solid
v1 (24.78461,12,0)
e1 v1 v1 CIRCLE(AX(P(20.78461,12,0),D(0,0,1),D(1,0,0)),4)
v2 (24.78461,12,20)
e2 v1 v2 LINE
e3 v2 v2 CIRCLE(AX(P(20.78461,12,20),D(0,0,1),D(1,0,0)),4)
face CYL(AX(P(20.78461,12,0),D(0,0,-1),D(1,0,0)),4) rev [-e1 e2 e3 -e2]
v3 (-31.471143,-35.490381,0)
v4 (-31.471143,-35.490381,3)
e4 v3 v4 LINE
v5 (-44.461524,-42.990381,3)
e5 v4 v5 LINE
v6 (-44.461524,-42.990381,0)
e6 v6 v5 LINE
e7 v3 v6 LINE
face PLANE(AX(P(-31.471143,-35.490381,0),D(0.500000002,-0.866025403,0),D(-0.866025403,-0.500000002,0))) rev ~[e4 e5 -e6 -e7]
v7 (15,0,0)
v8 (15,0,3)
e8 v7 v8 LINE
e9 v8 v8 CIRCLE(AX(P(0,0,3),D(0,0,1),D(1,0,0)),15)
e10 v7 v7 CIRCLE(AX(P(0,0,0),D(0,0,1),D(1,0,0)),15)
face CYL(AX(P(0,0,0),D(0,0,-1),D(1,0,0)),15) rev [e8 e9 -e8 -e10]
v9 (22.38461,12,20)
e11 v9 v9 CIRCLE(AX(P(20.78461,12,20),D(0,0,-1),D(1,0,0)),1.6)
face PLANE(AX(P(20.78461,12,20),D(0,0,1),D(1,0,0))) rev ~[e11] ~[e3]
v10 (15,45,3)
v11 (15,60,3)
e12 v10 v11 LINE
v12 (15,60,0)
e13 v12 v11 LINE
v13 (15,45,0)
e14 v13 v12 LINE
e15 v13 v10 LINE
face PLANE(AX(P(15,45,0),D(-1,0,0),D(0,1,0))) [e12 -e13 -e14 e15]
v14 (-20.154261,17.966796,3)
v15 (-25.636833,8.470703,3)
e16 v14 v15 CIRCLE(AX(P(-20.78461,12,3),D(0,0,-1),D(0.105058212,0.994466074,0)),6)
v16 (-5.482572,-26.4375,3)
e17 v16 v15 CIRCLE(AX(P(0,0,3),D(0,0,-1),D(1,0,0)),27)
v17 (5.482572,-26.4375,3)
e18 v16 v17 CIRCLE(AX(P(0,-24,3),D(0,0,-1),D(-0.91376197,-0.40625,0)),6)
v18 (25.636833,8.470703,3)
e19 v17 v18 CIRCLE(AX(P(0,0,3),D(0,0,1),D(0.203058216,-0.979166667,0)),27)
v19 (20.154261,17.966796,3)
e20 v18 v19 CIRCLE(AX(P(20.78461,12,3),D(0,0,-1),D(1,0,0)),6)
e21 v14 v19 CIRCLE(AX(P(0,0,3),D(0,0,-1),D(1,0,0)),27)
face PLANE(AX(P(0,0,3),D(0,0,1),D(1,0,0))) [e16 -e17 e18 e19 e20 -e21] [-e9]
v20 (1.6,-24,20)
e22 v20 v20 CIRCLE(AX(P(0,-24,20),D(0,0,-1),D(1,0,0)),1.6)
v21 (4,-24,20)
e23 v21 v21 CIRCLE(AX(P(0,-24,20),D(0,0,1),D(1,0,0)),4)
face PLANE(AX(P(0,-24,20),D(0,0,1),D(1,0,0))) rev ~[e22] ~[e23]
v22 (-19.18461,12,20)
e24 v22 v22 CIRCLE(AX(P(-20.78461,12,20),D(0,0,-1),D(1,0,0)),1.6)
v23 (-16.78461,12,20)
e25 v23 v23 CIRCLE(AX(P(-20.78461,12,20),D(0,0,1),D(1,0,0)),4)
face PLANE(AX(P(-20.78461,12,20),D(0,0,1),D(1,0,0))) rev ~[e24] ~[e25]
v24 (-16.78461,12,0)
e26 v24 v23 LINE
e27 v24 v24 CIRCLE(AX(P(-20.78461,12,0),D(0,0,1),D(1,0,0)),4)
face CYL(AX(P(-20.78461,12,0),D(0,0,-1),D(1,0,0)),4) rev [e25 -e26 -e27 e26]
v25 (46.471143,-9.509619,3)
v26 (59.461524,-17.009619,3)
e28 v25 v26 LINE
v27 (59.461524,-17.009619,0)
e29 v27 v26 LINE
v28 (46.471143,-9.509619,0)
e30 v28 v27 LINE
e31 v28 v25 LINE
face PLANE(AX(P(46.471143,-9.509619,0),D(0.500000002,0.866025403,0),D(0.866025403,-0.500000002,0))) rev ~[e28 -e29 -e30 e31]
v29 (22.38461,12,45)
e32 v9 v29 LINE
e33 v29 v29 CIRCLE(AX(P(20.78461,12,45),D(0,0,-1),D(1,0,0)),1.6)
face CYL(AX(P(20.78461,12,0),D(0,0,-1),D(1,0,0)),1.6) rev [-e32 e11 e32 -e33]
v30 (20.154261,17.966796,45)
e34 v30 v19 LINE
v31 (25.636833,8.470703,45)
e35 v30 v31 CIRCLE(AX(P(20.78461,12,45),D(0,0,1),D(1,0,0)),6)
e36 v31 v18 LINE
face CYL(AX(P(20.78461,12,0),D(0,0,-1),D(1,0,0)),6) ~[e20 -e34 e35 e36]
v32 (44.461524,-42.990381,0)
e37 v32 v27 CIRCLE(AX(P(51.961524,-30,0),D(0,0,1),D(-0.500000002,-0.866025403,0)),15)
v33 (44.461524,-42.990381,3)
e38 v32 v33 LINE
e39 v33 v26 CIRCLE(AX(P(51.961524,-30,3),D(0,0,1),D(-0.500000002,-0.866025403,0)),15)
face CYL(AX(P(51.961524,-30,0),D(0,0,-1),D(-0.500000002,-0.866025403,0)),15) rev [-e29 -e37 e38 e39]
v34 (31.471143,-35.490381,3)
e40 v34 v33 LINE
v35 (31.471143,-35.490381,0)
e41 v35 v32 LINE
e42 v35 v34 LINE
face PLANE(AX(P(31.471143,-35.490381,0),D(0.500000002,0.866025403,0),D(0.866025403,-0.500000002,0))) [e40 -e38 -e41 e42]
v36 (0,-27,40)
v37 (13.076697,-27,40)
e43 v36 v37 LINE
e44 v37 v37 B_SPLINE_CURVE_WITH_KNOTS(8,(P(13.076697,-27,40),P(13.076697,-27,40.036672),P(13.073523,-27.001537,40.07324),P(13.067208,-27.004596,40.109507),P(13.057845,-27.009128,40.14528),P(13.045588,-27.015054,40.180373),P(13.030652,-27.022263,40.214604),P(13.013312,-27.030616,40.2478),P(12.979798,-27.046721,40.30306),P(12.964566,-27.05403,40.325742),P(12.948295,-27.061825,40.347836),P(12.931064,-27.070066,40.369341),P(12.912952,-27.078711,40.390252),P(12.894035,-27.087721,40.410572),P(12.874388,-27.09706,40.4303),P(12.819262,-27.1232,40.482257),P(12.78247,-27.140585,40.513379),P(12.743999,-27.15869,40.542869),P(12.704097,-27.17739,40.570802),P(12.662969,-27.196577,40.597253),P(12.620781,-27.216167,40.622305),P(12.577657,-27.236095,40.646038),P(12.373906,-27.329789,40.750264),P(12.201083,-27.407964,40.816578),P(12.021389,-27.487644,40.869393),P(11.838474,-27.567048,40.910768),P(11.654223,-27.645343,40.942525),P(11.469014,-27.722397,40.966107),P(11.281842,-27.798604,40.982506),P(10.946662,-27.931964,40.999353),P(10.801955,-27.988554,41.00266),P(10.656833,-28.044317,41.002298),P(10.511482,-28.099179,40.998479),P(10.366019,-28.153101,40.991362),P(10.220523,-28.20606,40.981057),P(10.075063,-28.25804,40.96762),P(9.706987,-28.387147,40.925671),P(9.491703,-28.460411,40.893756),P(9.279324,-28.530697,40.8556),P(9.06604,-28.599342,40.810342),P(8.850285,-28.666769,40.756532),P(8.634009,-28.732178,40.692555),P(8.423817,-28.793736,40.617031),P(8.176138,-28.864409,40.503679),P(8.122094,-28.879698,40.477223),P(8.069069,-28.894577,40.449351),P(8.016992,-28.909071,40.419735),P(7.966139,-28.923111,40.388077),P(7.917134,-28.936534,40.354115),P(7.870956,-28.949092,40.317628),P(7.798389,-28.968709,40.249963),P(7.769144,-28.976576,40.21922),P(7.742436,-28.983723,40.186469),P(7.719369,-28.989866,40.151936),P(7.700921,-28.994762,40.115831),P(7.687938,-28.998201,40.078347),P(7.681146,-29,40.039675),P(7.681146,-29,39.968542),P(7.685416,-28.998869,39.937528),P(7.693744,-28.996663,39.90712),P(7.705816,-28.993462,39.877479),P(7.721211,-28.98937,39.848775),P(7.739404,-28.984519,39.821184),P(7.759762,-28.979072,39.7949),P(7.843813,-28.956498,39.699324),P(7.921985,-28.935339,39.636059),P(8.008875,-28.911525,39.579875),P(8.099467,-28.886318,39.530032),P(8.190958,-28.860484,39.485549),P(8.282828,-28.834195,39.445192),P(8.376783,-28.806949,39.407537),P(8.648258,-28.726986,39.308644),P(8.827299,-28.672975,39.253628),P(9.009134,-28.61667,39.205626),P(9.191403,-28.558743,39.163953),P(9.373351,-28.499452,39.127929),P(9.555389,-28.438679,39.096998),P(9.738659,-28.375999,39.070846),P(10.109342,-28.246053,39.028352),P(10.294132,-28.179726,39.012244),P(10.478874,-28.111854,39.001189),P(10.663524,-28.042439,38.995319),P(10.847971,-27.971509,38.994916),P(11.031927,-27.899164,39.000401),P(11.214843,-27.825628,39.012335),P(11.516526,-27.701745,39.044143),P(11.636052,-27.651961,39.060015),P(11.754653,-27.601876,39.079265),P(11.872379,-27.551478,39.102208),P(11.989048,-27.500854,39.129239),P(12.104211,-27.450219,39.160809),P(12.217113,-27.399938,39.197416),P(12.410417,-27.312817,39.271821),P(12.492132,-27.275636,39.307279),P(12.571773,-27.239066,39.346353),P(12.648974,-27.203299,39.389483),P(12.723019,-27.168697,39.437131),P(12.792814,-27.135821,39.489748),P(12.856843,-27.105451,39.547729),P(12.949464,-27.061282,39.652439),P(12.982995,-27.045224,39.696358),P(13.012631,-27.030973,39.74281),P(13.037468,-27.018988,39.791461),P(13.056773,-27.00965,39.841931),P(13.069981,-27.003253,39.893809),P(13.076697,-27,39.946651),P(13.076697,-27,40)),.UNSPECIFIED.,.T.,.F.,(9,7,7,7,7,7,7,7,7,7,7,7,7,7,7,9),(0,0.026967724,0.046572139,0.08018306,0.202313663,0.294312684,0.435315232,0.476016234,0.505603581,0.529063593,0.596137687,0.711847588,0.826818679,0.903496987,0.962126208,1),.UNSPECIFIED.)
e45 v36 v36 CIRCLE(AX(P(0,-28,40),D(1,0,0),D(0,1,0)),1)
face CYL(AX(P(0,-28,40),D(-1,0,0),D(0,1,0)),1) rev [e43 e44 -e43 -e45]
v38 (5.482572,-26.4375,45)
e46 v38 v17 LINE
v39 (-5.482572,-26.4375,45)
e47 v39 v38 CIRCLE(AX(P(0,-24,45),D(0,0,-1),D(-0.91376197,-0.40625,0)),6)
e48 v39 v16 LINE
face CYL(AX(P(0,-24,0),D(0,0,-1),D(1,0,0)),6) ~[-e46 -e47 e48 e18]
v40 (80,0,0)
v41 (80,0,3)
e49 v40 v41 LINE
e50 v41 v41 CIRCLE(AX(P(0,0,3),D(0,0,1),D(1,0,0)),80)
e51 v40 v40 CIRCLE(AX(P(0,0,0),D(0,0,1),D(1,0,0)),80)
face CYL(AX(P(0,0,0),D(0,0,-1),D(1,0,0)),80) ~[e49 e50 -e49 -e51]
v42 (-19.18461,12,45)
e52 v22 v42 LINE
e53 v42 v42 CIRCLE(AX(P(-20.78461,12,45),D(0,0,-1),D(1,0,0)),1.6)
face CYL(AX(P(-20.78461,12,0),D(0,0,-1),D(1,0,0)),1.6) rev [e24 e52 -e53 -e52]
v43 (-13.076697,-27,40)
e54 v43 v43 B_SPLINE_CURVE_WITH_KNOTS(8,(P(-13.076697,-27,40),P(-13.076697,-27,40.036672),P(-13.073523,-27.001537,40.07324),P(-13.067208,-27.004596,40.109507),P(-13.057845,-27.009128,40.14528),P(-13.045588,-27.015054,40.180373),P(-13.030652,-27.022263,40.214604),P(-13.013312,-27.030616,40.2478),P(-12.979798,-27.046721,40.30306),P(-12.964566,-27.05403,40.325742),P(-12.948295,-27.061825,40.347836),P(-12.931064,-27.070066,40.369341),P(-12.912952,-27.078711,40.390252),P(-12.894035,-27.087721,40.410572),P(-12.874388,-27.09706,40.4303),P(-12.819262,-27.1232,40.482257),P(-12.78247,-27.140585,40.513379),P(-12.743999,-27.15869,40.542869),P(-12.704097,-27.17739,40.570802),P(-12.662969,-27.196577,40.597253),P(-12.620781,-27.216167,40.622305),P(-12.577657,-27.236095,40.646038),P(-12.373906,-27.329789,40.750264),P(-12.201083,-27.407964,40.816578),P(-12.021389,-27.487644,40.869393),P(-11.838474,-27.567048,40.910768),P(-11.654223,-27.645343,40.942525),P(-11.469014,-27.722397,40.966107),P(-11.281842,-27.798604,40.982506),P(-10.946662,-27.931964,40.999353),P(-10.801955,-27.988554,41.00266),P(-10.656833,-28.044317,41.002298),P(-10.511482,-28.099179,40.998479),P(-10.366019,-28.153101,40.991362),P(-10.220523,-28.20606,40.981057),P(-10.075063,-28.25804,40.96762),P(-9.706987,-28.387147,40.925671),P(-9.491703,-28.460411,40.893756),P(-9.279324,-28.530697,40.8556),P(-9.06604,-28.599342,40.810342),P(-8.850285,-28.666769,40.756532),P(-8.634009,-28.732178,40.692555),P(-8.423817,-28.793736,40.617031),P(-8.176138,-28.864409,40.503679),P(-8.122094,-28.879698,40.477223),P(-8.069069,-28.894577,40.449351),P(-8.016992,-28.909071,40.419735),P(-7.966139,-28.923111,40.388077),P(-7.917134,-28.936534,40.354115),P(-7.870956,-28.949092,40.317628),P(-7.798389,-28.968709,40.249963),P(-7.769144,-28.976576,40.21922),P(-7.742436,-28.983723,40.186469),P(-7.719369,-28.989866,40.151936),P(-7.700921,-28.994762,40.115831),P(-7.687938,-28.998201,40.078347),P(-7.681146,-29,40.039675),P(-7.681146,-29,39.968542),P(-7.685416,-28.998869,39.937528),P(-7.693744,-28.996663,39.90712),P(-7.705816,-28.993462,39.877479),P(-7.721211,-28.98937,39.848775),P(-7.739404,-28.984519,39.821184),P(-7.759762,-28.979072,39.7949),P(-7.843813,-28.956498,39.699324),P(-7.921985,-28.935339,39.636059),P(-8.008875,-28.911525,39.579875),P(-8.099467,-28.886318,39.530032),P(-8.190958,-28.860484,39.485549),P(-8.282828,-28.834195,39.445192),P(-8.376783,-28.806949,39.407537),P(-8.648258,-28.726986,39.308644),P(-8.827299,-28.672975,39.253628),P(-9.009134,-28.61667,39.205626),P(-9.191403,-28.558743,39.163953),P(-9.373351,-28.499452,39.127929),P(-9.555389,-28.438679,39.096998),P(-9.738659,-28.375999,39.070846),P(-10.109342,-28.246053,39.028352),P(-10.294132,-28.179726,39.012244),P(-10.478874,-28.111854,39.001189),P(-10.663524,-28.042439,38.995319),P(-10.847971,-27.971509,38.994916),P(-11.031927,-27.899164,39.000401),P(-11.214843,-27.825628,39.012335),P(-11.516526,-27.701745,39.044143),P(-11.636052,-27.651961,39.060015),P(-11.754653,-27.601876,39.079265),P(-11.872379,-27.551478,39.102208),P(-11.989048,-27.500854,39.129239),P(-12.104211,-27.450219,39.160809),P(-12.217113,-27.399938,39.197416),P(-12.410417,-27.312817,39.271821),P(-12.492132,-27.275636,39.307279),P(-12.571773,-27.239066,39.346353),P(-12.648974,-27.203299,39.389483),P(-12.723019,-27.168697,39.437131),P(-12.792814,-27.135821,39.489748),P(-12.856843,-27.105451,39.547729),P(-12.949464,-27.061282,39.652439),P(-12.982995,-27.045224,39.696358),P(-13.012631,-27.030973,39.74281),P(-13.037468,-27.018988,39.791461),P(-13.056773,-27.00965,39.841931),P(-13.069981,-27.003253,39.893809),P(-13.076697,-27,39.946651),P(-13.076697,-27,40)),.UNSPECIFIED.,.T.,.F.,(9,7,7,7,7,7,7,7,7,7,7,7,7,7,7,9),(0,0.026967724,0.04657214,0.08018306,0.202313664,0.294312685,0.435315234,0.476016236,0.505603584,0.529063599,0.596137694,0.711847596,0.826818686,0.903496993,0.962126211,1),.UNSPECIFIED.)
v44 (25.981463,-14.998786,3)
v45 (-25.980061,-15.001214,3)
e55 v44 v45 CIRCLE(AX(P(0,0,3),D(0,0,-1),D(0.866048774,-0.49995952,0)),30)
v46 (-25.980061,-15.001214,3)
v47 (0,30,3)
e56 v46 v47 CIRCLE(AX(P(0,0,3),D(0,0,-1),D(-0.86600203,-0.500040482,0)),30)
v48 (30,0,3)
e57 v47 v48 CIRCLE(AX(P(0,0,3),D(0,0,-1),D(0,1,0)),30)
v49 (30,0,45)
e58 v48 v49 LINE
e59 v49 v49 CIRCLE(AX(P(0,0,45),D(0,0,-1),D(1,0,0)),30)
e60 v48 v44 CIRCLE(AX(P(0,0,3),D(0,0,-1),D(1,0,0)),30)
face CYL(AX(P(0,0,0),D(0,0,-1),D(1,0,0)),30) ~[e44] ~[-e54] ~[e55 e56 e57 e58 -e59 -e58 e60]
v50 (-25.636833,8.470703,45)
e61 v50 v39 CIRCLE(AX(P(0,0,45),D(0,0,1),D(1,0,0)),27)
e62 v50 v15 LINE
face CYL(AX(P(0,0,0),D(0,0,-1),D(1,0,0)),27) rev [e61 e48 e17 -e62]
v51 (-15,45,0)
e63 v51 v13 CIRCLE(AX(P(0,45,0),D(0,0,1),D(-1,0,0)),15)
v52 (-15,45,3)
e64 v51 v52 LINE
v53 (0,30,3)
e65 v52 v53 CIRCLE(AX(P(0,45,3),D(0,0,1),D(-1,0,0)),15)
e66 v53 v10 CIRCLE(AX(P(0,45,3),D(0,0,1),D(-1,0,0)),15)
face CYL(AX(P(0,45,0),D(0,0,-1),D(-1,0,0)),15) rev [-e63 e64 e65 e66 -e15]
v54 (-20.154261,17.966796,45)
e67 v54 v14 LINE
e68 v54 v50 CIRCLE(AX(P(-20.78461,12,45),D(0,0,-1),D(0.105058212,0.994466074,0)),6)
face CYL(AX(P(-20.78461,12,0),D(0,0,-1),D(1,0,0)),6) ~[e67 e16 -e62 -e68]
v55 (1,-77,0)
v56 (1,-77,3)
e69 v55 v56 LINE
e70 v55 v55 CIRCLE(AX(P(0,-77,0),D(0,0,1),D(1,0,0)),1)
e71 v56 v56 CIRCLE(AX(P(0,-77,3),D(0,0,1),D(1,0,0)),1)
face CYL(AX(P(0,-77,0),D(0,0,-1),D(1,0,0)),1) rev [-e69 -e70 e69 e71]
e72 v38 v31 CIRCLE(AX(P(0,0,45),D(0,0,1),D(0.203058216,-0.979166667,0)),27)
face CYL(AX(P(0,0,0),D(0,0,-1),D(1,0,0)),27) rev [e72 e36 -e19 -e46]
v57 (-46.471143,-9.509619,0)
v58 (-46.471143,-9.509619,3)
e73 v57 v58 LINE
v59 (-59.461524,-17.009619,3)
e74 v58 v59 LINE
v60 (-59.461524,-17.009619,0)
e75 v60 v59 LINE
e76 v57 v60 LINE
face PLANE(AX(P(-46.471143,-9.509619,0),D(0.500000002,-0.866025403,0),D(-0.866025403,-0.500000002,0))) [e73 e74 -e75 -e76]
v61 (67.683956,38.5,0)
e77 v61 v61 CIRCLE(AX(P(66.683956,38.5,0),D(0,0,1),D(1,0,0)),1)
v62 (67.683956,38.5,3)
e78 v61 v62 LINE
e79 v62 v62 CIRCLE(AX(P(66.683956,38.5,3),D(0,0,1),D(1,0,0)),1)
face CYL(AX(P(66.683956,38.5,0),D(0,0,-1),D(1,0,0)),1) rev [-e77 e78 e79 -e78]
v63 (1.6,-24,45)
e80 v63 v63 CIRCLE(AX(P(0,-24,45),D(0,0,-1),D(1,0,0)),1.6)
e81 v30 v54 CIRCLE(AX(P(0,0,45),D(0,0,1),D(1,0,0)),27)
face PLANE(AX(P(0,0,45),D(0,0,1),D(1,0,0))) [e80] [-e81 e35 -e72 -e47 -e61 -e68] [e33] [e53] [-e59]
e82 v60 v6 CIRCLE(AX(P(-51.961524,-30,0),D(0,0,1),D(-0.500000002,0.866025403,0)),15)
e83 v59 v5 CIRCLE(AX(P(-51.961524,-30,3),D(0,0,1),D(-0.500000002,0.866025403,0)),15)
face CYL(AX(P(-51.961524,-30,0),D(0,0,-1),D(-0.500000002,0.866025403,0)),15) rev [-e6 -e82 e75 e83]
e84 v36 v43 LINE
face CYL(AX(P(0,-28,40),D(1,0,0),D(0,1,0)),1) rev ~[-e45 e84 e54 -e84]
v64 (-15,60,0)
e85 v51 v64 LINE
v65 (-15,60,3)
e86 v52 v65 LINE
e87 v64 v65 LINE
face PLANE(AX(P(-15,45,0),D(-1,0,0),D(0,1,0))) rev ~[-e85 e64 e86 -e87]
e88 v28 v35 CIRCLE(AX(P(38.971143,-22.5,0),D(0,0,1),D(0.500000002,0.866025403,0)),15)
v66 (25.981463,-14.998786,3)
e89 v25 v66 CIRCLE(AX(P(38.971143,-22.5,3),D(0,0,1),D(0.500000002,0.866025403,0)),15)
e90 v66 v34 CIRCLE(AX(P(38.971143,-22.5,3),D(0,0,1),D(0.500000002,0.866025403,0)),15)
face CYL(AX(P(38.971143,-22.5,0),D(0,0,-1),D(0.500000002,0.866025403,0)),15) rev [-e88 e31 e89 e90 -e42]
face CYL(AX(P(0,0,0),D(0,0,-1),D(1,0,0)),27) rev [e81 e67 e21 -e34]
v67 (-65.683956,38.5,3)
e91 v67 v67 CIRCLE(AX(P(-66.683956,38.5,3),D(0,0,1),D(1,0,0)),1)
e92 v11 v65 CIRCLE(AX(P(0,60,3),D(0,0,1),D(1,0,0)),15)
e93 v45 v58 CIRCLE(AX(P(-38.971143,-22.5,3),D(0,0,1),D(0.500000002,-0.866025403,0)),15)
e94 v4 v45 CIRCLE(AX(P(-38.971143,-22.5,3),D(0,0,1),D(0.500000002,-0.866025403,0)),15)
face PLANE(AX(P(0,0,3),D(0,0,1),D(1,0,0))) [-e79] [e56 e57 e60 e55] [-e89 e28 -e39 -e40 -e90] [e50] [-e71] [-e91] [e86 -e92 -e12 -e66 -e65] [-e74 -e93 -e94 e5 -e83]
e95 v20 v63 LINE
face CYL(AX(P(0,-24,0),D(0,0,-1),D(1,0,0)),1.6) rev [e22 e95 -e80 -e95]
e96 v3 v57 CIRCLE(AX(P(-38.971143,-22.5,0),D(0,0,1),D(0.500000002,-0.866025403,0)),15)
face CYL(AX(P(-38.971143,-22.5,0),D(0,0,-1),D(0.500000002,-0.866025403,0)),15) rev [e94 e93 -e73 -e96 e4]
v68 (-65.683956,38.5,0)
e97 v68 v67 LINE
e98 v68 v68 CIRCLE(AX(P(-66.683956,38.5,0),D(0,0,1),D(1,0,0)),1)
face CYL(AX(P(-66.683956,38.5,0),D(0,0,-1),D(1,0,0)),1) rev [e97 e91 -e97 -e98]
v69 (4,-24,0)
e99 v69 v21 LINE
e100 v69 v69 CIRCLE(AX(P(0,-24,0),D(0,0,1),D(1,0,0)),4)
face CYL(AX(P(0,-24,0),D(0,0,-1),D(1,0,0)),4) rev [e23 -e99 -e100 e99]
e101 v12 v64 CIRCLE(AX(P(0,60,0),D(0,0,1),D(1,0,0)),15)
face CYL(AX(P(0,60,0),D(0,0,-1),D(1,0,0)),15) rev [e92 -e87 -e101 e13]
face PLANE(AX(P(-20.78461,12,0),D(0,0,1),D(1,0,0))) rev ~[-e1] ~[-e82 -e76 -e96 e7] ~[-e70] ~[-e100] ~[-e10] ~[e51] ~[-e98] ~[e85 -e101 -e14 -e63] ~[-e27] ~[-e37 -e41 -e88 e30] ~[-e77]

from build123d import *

# Parameters (mm, degrees)
SKETCH_R             = 80
SKETCH_R_2           = 15
SKETCH_R_3           = 1
PAD_DEPTH            = 3
SKETCH001_R          = 30
SKETCH001_R_2        = 27
PAD001_DEPTH         = 45
SKETCH002_R          = 6
PAD002_DEPTH         = 45
SKETCH004_R          = 1.6
POCKET_DEPTH         = 45.001
SKETCH003_R          = 4
POCKET001_DEPTH      = 20
SKETCH005_R          = 1
POCKET002_DEPTH      = 80.001
POCKET002_DEPTH_BACK = -80.001


with BuildPart() as part:
    # Sketch → Pad (new body)
    with BuildSketch(Plane.XY):
        Circle(SKETCH_R)
        Circle(SKETCH_R_2, mode=Mode.SUBTRACT)
        with Locations((-66.683956, 38.5)):
            Circle(SKETCH_R_3, mode=Mode.SUBTRACT)
        with Locations((66.683956, 38.5)):
            Circle(SKETCH_R_3, mode=Mode.SUBTRACT)
        with Locations((0, -77)):
            Circle(SKETCH_R_3, mode=Mode.SUBTRACT)
        with BuildLine():
            ThreePointArc((-15, 45), (0, 30), (15, 45))
            Line((15, 45), (15, 60))
            ThreePointArc((15, 60), (0, 75), (-15, 60))
            Line((-15, 45), (-15, 60))
        make_face(mode=Mode.SUBTRACT)
        with BuildLine():
            ThreePointArc((-31.471143, -35.490381), (-25.980762, -15), (-46.471143, -9.509619))
            Line((-46.471143, -9.509619), (-59.461524, -17.009619))
            ThreePointArc((-59.461524, -17.009619), (-64.951905, -37.5), (-44.461524, -42.990381))
            Line((-31.471143, -35.490381), (-44.461524, -42.990381))
        make_face(mode=Mode.SUBTRACT)
        with BuildLine():
            ThreePointArc((46.471143, -9.509619), (25.980762, -15), (31.471143, -35.490381))
            Line((31.471143, -35.490381), (44.461524, -42.990381))
            ThreePointArc((44.461524, -42.990381), (64.951905, -37.5), (59.461524, -17.009619))
            Line((46.471143, -9.509619), (59.461524, -17.009619))
        make_face(mode=Mode.SUBTRACT)
    extrude(amount=PAD_DEPTH)

    # Sketch001 → Pad001 (join)
    with BuildSketch(Plane.XY):
        Circle(SKETCH001_R)
        Circle(SKETCH001_R_2, mode=Mode.SUBTRACT)
    extrude(amount=PAD001_DEPTH)

    # Sketch002 → Pad002 (join)
    with BuildSketch(Plane.XY):
        with Locations((-20.78461, 12)):
            Circle(SKETCH002_R)
        with Locations((0, -24)):
            Circle(SKETCH002_R)
        with Locations((20.78461, 12)):
            Circle(SKETCH002_R)
    extrude(amount=PAD002_DEPTH)

    # Sketch004 → Pocket (cut, through all)
    with BuildSketch(Plane.XY):
        with Locations((-20.78461, 12)):
            Circle(SKETCH004_R)
        with Locations((20.78461, 12)):
            Circle(SKETCH004_R)
        with Locations((0, -24)):
            Circle(SKETCH004_R)
    extrude(amount=POCKET_DEPTH, mode=Mode.SUBTRACT)

    # Sketch003 → Pocket001 (cut)
    with BuildSketch(Plane.XY):
        with Locations((-20.78461, 12)):
            Circle(SKETCH003_R)
        with Locations((20.78461, 12)):
            Circle(SKETCH003_R)
        with Locations((0, -24)):
            Circle(SKETCH003_R)
    extrude(amount=POCKET001_DEPTH, mode=Mode.SUBTRACT)

    # Sketch005 → Pocket002 (cut, two sides)
    with BuildSketch(Plane.YZ) as pocket002_sk:
        with Locations((-28, 40)):
            Circle(SKETCH005_R)
    extrude(amount=-POCKET002_DEPTH, mode=Mode.SUBTRACT)
    extrude(pocket002_sk.sketch, amount=-POCKET002_DEPTH_BACK, mode=Mode.SUBTRACT)


solid = part.part
